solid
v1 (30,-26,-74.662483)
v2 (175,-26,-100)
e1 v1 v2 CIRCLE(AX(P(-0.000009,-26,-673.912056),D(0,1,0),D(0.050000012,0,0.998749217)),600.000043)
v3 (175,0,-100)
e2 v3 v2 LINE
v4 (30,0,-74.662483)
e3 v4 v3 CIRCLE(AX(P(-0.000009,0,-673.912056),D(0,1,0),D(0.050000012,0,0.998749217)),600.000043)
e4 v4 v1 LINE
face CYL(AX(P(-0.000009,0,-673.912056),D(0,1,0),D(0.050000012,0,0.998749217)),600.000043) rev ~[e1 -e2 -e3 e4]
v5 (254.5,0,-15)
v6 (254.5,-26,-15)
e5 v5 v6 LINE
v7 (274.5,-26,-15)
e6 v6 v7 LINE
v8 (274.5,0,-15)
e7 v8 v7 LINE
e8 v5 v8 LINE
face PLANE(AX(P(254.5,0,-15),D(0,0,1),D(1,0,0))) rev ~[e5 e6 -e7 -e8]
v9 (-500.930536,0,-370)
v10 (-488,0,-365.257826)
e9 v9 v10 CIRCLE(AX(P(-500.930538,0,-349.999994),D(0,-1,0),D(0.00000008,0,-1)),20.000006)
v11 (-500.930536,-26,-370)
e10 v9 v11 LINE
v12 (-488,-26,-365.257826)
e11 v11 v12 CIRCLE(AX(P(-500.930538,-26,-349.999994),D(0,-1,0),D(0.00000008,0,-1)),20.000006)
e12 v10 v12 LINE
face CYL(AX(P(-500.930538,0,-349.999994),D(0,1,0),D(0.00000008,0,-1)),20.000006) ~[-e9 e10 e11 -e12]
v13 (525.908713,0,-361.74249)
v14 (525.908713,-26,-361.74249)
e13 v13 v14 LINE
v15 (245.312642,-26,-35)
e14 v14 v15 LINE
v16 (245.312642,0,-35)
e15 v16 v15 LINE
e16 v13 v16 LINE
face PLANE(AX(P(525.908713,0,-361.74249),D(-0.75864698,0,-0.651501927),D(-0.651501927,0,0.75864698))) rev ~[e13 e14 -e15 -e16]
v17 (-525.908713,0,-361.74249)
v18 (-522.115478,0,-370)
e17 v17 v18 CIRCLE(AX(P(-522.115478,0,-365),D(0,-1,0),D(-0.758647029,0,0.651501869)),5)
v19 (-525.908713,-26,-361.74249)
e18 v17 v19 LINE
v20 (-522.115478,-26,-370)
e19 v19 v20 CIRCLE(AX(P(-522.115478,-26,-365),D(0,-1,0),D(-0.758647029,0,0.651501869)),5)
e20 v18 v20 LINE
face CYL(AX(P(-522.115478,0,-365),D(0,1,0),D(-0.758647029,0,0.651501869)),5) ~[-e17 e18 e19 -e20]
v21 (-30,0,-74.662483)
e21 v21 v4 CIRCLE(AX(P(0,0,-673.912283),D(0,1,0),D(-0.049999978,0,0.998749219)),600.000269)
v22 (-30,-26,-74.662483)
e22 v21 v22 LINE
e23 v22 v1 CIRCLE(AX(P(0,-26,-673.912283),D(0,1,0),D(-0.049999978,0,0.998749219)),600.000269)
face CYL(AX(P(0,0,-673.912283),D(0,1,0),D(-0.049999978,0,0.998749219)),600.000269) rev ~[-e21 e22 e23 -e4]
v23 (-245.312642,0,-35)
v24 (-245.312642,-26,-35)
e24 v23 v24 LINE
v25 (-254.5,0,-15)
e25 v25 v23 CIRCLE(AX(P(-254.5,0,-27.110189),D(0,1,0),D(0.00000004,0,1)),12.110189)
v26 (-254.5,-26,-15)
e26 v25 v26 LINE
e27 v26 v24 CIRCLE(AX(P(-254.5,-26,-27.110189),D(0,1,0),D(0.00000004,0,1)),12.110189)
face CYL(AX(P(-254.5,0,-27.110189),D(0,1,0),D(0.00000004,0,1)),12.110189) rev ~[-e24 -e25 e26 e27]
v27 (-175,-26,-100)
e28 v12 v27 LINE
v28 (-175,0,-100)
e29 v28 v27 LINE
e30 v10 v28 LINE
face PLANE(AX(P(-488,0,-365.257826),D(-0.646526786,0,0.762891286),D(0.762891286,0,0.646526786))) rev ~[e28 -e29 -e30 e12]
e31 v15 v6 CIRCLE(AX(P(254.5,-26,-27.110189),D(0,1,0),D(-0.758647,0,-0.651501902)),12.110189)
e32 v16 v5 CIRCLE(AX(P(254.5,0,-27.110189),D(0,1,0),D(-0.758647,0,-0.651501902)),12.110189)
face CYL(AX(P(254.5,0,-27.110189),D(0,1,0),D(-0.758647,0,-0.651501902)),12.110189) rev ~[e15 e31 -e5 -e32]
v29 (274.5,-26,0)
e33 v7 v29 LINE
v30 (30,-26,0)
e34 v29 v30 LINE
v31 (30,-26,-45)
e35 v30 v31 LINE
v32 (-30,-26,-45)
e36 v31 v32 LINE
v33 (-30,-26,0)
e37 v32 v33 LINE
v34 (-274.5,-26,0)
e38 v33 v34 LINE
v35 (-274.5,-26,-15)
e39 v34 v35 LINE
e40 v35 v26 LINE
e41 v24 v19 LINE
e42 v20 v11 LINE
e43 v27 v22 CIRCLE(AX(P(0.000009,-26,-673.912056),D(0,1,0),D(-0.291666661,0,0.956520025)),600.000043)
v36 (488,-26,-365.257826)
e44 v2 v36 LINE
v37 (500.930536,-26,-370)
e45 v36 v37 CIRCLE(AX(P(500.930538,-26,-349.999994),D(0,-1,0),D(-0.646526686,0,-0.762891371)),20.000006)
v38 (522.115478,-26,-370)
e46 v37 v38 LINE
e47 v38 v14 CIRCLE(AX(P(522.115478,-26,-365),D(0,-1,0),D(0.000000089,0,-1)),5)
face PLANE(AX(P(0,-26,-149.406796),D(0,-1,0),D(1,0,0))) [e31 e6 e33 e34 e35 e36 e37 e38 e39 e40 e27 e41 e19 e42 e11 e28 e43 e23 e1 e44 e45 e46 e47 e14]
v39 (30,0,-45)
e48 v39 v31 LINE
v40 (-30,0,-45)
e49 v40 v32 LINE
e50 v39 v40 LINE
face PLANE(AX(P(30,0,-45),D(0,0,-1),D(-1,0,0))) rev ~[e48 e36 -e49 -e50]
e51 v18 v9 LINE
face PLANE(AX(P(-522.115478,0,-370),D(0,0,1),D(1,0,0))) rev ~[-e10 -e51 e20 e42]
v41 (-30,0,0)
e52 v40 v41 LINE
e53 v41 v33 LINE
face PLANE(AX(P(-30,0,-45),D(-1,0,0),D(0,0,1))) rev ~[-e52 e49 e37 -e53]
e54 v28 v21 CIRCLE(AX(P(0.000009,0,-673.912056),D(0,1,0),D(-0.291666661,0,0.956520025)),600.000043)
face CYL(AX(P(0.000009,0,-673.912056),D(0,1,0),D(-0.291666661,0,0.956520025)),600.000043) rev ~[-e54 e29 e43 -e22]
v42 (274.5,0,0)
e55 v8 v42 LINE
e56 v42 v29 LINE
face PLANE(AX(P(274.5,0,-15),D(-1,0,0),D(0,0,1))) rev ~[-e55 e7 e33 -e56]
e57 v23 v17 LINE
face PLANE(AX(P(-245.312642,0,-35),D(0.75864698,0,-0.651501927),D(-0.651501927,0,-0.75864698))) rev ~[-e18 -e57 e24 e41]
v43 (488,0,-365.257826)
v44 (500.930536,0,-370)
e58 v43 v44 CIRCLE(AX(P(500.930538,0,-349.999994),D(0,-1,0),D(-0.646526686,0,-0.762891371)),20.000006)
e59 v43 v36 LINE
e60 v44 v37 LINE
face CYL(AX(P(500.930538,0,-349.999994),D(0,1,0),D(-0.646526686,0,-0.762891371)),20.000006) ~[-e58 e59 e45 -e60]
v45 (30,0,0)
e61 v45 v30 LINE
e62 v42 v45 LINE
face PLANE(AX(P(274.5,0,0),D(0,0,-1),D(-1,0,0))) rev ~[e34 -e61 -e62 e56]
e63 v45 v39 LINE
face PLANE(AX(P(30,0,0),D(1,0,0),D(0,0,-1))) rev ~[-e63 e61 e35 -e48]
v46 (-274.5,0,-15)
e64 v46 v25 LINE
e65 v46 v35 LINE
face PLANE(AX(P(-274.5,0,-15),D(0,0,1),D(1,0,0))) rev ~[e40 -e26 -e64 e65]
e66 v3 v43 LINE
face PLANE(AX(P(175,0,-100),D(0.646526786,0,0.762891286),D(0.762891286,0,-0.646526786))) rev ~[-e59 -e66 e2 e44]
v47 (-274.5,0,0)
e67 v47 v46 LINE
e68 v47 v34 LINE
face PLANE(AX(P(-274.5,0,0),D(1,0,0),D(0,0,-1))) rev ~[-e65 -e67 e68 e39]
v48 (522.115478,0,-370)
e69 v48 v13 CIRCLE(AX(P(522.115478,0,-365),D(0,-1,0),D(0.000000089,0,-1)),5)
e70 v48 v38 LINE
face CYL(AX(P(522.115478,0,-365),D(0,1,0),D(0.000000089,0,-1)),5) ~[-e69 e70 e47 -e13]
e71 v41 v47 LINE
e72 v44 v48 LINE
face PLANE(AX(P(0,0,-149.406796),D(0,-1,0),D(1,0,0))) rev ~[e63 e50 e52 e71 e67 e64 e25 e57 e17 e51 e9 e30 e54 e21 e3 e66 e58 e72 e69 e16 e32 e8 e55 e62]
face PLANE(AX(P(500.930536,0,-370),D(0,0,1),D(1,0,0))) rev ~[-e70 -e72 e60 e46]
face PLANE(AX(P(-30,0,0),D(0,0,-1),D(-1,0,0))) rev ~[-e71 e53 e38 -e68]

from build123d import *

# Parameters (mm, degrees)
F1_DEPTH = 26


with BuildPart() as f1:
    # F0 (on Front) → F1 (new body)
    with BuildSketch(Plane.XZ):
        with BuildLine():
            ThreePointArc((522.115478, -370), (526.65902, -367.087157), (525.908713, -361.74249))
            Line((525.908713, -361.74249), (245.312642, -35))
            ThreePointArc((245.312642, -35), (243.49537, -22.055015), (254.5, -15))
            Line((254.5, -15), (274.5, -15))
            Line((274.5, -15), (274.5, 0))
            Line((274.5, 0), (30, 0))
            Line((30, 0), (30, -45))
            Line((30, -45), (-30, -45))
            Line((-30, -45), (-30, 0))
            Line((-30, 0), (-274.5, 0))
            Line((-274.5, 0), (-274.5, -15))
            Line((-274.5, -15), (-254.5, -15))
            ThreePointArc((-254.5, -15), (-243.49537, -22.055015), (-245.312642, -35))
            Line((-245.312642, -35), (-525.908713, -361.74249))
            ThreePointArc((-525.908713, -361.74249), (-526.65902, -367.087157), (-522.115478, -370))
            Line((-522.115478, -370), (-500.930536, -370))
            ThreePointArc((-500.930536, -370), (-494.044191, -368.777067), (-488, -365.257826))
            Line((-488, -365.257826), (-175, -100))
            ThreePointArc((-175, -100), (-103.279947, -82.867809), (-30, -74.662483))
            ThreePointArc((-30, -74.662483), (0, -73.912014), (30, -74.662483))
            ThreePointArc((30, -74.662483), (103.279947, -82.867809), (175, -100))
            Line((175, -100), (488, -365.257826))
            ThreePointArc((488, -365.257826), (494.044191, -368.777067), (500.930536, -370))
            Line((500.930536, -370), (522.115478, -370))
        make_face()
    extrude(amount=F1_DEPTH)


solid = f1.part
